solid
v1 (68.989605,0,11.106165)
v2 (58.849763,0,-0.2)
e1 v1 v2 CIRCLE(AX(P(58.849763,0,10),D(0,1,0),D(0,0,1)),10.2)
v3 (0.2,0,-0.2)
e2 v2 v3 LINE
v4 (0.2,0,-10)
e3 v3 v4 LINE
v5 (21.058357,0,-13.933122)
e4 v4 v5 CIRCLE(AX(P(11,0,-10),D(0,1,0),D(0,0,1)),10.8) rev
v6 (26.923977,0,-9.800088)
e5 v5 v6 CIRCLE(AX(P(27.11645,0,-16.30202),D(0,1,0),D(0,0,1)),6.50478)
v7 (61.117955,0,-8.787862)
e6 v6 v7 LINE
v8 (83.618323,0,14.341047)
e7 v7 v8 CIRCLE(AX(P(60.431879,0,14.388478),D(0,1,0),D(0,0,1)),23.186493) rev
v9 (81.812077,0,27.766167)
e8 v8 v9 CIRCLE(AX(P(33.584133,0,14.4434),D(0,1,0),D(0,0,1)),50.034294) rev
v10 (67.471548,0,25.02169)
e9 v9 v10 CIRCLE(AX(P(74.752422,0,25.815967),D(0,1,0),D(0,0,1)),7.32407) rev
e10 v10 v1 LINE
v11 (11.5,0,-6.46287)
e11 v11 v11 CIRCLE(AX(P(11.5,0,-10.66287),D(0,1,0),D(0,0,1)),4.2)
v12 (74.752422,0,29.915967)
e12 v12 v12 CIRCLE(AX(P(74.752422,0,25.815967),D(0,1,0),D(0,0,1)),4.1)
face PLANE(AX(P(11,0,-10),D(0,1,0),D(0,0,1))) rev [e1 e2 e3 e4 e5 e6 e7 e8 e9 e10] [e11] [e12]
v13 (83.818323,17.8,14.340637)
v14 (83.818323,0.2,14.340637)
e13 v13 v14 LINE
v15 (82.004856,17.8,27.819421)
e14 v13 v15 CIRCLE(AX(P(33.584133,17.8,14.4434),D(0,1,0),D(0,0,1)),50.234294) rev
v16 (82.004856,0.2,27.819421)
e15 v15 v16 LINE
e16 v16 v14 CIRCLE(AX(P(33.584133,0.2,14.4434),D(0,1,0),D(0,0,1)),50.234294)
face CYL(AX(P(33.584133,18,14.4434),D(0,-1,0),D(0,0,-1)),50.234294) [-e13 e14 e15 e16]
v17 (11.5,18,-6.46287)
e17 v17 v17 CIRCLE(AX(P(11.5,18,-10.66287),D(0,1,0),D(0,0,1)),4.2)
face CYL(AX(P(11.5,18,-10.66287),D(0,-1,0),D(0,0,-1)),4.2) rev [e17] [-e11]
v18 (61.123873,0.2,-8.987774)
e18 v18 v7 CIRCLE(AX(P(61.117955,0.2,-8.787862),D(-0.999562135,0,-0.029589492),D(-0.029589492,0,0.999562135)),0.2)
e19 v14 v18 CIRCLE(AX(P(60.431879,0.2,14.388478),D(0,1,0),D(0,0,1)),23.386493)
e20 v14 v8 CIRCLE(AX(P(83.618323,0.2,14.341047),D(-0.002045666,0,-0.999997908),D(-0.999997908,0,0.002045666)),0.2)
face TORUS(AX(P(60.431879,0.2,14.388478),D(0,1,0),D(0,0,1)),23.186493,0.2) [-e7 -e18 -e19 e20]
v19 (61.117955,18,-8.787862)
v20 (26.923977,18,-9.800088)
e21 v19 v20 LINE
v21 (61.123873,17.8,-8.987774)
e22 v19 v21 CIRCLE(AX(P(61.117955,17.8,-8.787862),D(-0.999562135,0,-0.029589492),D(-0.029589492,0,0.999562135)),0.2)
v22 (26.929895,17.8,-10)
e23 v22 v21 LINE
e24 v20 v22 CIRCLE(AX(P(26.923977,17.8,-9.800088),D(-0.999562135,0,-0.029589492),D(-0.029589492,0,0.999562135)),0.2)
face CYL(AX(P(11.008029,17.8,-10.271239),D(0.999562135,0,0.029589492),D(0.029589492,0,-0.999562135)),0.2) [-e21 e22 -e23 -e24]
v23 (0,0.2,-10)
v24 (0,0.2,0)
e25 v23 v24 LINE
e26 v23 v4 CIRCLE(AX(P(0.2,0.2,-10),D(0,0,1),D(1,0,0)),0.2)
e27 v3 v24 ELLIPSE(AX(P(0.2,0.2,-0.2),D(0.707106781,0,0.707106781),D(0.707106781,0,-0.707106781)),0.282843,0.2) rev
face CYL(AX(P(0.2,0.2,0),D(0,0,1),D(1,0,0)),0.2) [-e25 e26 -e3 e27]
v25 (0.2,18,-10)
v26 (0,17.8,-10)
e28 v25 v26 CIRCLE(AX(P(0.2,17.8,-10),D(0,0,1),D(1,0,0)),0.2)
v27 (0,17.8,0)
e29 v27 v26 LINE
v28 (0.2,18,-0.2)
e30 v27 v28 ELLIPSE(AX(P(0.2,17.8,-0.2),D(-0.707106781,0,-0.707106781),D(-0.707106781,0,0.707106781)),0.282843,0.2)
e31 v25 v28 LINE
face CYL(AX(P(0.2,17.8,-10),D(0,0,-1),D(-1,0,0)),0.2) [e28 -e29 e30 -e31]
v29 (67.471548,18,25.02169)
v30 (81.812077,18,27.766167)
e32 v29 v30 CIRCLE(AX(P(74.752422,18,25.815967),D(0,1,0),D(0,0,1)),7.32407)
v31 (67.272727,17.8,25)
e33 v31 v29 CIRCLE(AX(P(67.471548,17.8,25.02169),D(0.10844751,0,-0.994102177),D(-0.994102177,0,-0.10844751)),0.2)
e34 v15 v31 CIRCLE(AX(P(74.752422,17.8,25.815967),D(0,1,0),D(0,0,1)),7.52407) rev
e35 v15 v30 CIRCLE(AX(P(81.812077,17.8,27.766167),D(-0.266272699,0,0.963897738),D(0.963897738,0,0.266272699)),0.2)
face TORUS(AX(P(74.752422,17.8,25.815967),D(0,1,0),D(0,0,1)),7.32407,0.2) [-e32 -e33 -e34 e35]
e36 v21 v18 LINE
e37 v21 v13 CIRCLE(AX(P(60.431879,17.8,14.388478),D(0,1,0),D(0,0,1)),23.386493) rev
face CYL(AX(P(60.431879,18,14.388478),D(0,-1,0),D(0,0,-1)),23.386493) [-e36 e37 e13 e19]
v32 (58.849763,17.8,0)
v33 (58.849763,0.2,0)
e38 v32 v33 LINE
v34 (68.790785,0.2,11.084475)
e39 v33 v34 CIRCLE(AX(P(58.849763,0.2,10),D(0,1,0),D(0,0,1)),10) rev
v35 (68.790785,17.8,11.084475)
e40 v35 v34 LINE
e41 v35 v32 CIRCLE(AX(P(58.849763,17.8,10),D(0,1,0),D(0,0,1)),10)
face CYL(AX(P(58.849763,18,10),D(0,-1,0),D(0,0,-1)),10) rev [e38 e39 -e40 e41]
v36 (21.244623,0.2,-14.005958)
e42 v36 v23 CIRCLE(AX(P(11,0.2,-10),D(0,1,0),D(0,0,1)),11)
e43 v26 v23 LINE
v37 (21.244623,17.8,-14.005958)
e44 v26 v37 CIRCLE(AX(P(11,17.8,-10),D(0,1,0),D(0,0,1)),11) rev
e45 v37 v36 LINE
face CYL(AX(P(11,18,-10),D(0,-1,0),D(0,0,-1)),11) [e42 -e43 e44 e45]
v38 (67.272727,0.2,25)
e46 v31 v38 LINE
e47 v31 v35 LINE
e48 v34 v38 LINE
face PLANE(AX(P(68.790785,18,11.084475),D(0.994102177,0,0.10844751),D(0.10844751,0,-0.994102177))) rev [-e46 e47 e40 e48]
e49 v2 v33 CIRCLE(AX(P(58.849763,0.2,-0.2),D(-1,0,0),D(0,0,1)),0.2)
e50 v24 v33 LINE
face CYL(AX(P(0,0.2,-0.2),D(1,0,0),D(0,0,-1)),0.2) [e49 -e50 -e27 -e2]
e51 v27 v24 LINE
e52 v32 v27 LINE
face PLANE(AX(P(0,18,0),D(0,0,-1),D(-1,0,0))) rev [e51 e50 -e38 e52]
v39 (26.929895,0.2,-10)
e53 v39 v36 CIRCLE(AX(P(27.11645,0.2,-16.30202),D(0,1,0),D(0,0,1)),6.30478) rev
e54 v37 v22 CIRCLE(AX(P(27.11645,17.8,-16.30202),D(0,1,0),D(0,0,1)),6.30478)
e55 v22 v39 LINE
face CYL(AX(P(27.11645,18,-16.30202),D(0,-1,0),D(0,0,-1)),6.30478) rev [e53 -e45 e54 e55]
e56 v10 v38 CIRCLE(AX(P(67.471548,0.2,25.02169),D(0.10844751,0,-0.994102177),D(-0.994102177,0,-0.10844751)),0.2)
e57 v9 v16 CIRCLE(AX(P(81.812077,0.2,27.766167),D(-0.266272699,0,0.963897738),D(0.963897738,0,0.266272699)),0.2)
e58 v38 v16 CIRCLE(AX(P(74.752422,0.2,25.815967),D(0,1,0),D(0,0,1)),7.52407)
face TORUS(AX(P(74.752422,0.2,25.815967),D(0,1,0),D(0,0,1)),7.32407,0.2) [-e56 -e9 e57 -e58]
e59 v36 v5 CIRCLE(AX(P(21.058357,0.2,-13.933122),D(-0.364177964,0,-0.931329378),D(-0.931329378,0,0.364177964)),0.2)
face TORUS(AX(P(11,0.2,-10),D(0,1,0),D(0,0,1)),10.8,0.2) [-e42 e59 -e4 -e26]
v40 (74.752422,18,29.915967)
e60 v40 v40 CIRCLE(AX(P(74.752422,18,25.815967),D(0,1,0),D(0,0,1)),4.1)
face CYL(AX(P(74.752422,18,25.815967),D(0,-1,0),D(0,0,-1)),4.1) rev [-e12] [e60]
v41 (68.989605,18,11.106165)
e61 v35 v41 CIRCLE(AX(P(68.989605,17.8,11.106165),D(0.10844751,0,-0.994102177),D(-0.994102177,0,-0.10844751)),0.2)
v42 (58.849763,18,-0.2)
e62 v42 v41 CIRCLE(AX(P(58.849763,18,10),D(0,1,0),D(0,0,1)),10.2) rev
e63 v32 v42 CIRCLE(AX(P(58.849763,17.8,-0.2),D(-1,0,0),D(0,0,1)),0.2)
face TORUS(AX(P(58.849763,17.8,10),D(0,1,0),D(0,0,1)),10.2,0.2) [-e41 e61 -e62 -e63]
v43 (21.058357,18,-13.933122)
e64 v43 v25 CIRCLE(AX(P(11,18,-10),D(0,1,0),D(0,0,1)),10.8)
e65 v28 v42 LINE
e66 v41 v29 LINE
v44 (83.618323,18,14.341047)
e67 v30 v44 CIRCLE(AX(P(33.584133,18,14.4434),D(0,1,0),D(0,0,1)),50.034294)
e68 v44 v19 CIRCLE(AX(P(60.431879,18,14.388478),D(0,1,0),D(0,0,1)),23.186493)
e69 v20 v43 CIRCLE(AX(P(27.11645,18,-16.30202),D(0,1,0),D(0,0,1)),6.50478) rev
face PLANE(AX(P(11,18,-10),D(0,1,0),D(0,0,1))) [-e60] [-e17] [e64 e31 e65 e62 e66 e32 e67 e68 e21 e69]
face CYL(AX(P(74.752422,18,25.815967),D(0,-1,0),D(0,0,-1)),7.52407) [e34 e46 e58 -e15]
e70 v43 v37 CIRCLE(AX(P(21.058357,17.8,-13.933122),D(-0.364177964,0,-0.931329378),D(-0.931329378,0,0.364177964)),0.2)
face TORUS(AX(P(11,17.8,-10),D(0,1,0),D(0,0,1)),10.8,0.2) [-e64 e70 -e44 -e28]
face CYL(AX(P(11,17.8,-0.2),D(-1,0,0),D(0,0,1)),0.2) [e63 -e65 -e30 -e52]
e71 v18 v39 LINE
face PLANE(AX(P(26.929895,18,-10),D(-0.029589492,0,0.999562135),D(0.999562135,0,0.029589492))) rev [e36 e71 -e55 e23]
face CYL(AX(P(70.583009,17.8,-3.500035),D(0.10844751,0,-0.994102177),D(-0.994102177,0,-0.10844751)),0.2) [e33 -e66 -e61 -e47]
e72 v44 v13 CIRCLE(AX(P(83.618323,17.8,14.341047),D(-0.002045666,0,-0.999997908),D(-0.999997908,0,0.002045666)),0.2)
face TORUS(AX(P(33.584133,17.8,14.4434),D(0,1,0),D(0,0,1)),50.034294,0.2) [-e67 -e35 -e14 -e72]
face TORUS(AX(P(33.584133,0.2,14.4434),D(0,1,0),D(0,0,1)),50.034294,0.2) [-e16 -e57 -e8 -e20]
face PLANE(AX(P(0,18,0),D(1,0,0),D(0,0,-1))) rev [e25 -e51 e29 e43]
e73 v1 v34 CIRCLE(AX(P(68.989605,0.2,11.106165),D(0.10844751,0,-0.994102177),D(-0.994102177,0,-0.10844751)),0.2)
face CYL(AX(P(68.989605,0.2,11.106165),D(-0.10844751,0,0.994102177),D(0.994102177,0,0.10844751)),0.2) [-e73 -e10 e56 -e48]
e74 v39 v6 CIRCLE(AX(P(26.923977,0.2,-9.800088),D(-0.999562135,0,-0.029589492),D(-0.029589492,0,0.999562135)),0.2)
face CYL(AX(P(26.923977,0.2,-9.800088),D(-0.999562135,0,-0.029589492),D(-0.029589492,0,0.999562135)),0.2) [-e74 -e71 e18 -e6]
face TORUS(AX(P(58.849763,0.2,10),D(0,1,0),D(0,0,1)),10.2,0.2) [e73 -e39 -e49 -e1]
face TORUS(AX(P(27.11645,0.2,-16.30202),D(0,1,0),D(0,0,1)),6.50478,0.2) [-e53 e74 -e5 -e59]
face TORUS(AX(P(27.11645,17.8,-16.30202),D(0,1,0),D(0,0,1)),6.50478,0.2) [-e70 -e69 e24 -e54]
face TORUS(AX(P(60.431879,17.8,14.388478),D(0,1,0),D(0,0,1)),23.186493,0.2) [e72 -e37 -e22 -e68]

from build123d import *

# Parameters (mm, degrees)
SKETCH_1_R      = 4.1
SKETCH_1_R_2    = 4.2
EXTRUDE_1_DEPTH = 18
FILLET_1_R      = 0.2


with BuildPart() as part:
    # Эскиз1 → Бобышка-Вытянуть1 (new body)
    with BuildSketch(Plane(origin=(0, 0, 0), x_dir=(1, 0, 0), z_dir=(0, 1, 0))):
        with BuildLine():
            Line((0, 0), (58.849762768, 0))
            ThreePointArc((58.849762768, 0), (66.294383343, -3.323352301), (68.790784534, -11.084475102))
            Line((68.790784534, -11.084475102), (67.272727273, -25))
            ThreePointArc((67.272727273, -25), (73.338139081, -33.205921807), (82.0048561, -27.819421161))
            ThreePointArc((82.0048561, -27.819421161), (83.369847365, -21.141684374), (83.818322635, -14.340637419))
            ThreePointArc((83.818322635, -14.340637419), (77.194828854, 1.918929468), (61.12387315, 8.987774352))
            Line((61.12387315, 8.987774352), (26.92989503, 10))
            ThreePointArc((26.92989503, 10), (23.484932233, 11.148153988), (21.244623159, 14.005957604))
            ThreePointArc((21.244623159, 14.005957604), (8.961723124, 20.809506343), (0, 10))
            Line((0, 10), (0, 0))
        make_face()
        with Locations(Location((74.752421844, -25.81596668, 0), (0, 0, 270))):
            Circle(SKETCH_1_R, mode=Mode.SUBTRACT)
        with Locations(Location((11.5, 10.662869651, 0), (0, 0, 270))):
            Circle(SKETCH_1_R_2, mode=Mode.SUBTRACT)
    extrude(amount=EXTRUDE_1_DEPTH)

    # Скругление1
    fillet_1_edges = [part.edges().sort_by_distance(p)[0] for p in [
        (66.294383343, 18, 3.323352301),
        (44.02688409, 0, -9.493887176),
        (77.194828854, 0, -1.918929468),
        (83.369847365, 0, 21.141684374),
        (73.338139081, 0, 33.205921807),
        (68.031755904, 0, 18.042237551),
        (66.294383343, 0, 3.323352301),
        (29.424881384, 0, 0),
        (0, 0, -5),
        (68.031755904, 18, 18.042237551),
        (73.338139081, 18, 33.205921807),
        (83.369847365, 18, 21.141684374),
        (77.194828854, 18, -1.918929468),
        (44.02688409, 18, -9.493887176),
        (23.484932233, 18, -11.148153988),
        (8.961723124, 18, -20.809506343),
        (0, 18, -5),
        (29.424881384, 18, 0),
        (8.961723124, 0, -20.809506343),
        (23.484932233, 0, -11.148153988),
    ]]
    fillet(fillet_1_edges, radius=FILLET_1_R)


solid = part.part
